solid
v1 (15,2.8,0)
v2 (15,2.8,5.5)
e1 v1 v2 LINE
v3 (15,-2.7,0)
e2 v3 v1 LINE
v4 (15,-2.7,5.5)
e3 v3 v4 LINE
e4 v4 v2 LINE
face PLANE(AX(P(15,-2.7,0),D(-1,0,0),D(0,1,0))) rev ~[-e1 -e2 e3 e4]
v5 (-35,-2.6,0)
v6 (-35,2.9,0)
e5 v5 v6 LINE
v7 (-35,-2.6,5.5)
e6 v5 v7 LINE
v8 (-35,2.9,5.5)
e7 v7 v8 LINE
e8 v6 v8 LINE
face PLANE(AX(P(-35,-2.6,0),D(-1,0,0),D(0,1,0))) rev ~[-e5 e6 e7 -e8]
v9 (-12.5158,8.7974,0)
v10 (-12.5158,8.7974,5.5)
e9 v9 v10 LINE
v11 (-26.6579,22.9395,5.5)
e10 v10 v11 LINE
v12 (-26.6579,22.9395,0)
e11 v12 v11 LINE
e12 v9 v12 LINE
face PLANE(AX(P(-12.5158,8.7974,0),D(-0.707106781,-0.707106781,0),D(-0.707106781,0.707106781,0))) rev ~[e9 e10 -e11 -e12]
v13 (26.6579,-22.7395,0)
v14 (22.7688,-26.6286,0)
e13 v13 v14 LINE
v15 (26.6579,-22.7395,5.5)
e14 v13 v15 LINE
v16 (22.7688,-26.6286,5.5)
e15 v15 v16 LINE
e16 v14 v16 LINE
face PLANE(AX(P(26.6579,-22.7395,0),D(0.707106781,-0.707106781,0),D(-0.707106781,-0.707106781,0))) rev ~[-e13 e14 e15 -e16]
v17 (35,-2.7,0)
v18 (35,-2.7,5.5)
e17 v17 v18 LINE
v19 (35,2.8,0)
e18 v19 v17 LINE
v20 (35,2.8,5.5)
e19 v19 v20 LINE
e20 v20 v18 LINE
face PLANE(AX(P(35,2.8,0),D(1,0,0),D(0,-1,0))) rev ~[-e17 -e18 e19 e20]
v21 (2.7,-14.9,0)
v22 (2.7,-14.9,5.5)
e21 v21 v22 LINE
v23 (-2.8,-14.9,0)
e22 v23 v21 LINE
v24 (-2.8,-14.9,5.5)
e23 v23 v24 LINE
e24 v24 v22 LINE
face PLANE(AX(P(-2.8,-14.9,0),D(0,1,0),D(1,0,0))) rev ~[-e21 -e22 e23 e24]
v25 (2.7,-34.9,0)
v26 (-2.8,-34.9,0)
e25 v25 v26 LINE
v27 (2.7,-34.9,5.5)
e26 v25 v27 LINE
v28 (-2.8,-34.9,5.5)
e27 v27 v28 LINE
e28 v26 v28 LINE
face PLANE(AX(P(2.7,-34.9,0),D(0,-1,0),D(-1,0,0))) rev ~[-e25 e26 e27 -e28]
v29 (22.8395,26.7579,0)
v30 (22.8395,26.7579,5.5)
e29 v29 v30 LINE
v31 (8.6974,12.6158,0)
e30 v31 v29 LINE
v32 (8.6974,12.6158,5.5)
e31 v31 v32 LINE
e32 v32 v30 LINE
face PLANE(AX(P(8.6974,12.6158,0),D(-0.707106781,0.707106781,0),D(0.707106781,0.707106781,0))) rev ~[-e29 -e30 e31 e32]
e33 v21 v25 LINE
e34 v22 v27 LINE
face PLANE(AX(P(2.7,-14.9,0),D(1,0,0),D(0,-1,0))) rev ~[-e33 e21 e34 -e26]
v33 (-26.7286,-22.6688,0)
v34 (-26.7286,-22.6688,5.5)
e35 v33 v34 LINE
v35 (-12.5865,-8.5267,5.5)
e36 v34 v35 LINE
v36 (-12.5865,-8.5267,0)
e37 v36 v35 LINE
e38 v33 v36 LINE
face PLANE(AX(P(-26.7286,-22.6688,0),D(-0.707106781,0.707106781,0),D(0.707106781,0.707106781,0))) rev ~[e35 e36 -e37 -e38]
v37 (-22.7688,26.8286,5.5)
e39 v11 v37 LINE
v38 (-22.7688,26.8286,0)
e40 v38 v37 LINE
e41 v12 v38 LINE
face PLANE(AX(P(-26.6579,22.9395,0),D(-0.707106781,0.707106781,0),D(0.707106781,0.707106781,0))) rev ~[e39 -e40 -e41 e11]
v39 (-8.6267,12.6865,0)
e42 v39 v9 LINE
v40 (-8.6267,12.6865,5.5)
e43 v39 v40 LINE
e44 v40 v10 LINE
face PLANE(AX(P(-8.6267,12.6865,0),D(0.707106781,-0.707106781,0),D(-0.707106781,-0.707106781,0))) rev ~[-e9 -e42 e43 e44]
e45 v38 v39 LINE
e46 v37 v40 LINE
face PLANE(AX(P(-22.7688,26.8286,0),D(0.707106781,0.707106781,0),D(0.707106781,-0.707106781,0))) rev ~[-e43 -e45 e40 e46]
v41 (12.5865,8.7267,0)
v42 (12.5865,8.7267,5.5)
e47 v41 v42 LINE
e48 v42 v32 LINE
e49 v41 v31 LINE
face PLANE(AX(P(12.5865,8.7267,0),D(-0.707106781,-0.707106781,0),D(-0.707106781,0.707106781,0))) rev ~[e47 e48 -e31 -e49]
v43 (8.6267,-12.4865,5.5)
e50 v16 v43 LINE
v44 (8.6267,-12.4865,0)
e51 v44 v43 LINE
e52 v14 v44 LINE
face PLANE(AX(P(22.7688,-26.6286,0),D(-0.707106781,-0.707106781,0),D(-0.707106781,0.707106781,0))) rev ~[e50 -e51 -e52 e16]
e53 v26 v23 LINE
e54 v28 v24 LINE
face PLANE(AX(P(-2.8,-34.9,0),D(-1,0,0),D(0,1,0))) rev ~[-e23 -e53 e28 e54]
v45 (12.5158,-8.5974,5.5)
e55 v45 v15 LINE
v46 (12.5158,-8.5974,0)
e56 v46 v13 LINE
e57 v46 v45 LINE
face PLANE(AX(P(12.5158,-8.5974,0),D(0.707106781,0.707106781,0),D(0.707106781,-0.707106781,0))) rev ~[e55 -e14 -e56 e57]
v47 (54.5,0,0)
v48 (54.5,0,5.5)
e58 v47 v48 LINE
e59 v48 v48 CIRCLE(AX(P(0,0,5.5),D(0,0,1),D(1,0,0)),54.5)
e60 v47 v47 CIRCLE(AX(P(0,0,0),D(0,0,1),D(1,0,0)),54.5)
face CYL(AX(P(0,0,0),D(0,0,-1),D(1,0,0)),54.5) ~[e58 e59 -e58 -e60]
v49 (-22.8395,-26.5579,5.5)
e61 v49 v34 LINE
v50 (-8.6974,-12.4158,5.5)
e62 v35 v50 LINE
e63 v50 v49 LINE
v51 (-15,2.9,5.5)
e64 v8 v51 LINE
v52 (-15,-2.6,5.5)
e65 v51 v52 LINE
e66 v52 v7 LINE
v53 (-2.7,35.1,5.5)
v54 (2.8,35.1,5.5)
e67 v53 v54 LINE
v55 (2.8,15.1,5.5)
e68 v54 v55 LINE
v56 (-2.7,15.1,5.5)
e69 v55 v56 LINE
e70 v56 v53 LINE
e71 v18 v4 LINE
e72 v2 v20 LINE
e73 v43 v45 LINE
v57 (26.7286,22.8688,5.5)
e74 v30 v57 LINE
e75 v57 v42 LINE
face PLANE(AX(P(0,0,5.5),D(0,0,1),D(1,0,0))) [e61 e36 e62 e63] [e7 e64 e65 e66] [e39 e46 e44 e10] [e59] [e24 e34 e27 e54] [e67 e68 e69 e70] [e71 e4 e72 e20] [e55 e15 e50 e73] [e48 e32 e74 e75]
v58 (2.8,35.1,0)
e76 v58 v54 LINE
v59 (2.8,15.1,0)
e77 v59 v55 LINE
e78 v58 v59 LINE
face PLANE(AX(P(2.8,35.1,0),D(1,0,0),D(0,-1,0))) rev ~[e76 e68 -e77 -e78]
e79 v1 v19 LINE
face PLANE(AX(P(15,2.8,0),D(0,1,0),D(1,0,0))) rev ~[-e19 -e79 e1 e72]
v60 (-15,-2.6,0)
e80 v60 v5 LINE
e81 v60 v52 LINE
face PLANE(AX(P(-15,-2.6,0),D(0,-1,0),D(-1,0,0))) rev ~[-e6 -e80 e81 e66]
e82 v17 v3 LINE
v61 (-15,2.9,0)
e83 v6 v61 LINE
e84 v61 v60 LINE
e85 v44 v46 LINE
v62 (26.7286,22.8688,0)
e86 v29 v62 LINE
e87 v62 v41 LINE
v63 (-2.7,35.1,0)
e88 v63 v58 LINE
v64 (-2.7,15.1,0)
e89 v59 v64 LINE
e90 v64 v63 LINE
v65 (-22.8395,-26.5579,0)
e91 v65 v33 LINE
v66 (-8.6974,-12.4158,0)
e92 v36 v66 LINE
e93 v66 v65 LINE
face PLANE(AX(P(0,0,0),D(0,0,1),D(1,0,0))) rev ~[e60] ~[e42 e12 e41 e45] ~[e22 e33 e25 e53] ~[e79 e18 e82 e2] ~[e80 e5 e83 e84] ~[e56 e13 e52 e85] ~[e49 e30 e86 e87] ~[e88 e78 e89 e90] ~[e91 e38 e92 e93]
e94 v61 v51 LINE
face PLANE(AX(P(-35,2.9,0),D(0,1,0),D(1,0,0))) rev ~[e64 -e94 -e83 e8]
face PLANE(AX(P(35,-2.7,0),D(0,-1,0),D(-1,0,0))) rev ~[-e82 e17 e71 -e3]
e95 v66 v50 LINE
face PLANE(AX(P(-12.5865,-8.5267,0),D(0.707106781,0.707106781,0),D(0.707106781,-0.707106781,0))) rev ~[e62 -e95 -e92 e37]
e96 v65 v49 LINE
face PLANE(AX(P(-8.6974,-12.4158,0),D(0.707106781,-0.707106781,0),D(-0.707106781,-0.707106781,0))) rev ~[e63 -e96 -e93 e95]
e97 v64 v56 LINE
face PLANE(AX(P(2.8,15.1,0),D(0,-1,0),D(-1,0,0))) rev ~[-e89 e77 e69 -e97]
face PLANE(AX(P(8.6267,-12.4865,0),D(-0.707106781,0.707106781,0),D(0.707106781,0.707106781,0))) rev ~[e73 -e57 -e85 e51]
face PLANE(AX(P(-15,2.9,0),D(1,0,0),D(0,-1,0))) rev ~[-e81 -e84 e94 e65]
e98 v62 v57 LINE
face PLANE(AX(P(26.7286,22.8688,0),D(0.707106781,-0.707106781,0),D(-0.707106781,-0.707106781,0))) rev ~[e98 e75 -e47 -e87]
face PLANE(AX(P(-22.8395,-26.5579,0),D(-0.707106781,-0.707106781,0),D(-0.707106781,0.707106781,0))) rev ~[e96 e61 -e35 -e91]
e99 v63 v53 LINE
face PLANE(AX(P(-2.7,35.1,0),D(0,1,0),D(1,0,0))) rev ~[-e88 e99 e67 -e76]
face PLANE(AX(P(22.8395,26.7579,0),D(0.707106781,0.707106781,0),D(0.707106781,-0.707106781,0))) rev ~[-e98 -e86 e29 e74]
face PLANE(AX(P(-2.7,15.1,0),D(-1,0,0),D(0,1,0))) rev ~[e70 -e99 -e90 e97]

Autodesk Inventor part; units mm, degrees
ref_plane "YZ Plane" through (0, 0, 0) normal (1, 0, 0) x (0, 1, 0)
ref_plane "XZ Plane" through (0, 0, 0) normal (0, 1, 0) x (-1, 0, 0)
ref_plane "XY Plane" through (0, 0, 0) normal (0, 0, 1) x (1, 0, 0)
sketch "Sketch1" plane through (0, 0, 0) normal (0, 0, 1) x (1, 0, 0)
  circle A0 centre (0, 0) radius 54.5
  line L0 (15, 2.8) -> (35, 2.8)
  line L1 (35, 2.8) -> (35, -2.7)
  line L2 (35, -2.7) -> (15, -2.7)
  line L3 (15, -2.7) -> (15, 2.8)
  line L4 (8.6974, 12.6158) -> (22.8395, 26.7579)
  line L5 (22.8395, 26.7579) -> (26.7286, 22.8688)
  line L6 (26.7286, 22.8688) -> (12.5865, 8.7267)
  line L7 (12.5865, 8.7267) -> (8.6974, 12.6158)
  line L8 (-2.7, 15.1) -> (-2.7, 35.1)
  line L9 (-2.7, 35.1) -> (2.8, 35.1)
  line L10 (2.8, 35.1) -> (2.8, 15.1)
  line L11 (2.8, 15.1) -> (-2.7, 15.1)
  line L12 (-12.5158, 8.7974) -> (-26.6579, 22.9395)
  line L13 (-26.6579, 22.9395) -> (-22.7688, 26.8286)
  line L14 (-22.7688, 26.8286) -> (-8.6267, 12.6865)
  line L15 (-8.6267, 12.6865) -> (-12.5158, 8.7974)
  line L16 (-15, -2.6) -> (-35, -2.6)
  line L17 (-35, -2.6) -> (-35, 2.9)
  line L18 (-35, 2.9) -> (-15, 2.9)
  line L19 (-15, 2.9) -> (-15, -2.6)
  line L20 (-8.6974, -12.4158) -> (-22.8395, -26.5579)
  line L21 (-22.8395, -26.5579) -> (-26.7286, -22.6688)
  line L22 (-26.7286, -22.6688) -> (-12.5865, -8.5267)
  line L23 (-12.5865, -8.5267) -> (-8.6974, -12.4158)
  line L24 (2.7, -14.9) -> (2.7, -34.9)
  line L25 (2.7, -34.9) -> (-2.8, -34.9)
  line L26 (-2.8, -34.9) -> (-2.8, -14.9)
  line L27 (-2.8, -14.9) -> (2.7, -14.9)
  line L28 (12.5158, -8.5974) -> (26.6579, -22.7395)
  line L29 (26.6579, -22.7395) -> (22.7688, -26.6286)
  line L30 (22.7688, -26.6286) -> (8.6267, -12.4865)
  line L31 (8.6267, -12.4865) -> (12.5158, -8.5974)
  line L32 (24.2998, 0.05) -> (27.4417, 0.05)
  point P0 (0, 0.1)
  dimension "d0" = 109
  dimension "d3" = 20
  dimension "d4" = 5.5
  dimension "d5" = 360
  dimension "d8" = 2.75
extrude "Extrusion1" add sketch "Sketch1" along normal blind 5.5
properties part number "medio"
